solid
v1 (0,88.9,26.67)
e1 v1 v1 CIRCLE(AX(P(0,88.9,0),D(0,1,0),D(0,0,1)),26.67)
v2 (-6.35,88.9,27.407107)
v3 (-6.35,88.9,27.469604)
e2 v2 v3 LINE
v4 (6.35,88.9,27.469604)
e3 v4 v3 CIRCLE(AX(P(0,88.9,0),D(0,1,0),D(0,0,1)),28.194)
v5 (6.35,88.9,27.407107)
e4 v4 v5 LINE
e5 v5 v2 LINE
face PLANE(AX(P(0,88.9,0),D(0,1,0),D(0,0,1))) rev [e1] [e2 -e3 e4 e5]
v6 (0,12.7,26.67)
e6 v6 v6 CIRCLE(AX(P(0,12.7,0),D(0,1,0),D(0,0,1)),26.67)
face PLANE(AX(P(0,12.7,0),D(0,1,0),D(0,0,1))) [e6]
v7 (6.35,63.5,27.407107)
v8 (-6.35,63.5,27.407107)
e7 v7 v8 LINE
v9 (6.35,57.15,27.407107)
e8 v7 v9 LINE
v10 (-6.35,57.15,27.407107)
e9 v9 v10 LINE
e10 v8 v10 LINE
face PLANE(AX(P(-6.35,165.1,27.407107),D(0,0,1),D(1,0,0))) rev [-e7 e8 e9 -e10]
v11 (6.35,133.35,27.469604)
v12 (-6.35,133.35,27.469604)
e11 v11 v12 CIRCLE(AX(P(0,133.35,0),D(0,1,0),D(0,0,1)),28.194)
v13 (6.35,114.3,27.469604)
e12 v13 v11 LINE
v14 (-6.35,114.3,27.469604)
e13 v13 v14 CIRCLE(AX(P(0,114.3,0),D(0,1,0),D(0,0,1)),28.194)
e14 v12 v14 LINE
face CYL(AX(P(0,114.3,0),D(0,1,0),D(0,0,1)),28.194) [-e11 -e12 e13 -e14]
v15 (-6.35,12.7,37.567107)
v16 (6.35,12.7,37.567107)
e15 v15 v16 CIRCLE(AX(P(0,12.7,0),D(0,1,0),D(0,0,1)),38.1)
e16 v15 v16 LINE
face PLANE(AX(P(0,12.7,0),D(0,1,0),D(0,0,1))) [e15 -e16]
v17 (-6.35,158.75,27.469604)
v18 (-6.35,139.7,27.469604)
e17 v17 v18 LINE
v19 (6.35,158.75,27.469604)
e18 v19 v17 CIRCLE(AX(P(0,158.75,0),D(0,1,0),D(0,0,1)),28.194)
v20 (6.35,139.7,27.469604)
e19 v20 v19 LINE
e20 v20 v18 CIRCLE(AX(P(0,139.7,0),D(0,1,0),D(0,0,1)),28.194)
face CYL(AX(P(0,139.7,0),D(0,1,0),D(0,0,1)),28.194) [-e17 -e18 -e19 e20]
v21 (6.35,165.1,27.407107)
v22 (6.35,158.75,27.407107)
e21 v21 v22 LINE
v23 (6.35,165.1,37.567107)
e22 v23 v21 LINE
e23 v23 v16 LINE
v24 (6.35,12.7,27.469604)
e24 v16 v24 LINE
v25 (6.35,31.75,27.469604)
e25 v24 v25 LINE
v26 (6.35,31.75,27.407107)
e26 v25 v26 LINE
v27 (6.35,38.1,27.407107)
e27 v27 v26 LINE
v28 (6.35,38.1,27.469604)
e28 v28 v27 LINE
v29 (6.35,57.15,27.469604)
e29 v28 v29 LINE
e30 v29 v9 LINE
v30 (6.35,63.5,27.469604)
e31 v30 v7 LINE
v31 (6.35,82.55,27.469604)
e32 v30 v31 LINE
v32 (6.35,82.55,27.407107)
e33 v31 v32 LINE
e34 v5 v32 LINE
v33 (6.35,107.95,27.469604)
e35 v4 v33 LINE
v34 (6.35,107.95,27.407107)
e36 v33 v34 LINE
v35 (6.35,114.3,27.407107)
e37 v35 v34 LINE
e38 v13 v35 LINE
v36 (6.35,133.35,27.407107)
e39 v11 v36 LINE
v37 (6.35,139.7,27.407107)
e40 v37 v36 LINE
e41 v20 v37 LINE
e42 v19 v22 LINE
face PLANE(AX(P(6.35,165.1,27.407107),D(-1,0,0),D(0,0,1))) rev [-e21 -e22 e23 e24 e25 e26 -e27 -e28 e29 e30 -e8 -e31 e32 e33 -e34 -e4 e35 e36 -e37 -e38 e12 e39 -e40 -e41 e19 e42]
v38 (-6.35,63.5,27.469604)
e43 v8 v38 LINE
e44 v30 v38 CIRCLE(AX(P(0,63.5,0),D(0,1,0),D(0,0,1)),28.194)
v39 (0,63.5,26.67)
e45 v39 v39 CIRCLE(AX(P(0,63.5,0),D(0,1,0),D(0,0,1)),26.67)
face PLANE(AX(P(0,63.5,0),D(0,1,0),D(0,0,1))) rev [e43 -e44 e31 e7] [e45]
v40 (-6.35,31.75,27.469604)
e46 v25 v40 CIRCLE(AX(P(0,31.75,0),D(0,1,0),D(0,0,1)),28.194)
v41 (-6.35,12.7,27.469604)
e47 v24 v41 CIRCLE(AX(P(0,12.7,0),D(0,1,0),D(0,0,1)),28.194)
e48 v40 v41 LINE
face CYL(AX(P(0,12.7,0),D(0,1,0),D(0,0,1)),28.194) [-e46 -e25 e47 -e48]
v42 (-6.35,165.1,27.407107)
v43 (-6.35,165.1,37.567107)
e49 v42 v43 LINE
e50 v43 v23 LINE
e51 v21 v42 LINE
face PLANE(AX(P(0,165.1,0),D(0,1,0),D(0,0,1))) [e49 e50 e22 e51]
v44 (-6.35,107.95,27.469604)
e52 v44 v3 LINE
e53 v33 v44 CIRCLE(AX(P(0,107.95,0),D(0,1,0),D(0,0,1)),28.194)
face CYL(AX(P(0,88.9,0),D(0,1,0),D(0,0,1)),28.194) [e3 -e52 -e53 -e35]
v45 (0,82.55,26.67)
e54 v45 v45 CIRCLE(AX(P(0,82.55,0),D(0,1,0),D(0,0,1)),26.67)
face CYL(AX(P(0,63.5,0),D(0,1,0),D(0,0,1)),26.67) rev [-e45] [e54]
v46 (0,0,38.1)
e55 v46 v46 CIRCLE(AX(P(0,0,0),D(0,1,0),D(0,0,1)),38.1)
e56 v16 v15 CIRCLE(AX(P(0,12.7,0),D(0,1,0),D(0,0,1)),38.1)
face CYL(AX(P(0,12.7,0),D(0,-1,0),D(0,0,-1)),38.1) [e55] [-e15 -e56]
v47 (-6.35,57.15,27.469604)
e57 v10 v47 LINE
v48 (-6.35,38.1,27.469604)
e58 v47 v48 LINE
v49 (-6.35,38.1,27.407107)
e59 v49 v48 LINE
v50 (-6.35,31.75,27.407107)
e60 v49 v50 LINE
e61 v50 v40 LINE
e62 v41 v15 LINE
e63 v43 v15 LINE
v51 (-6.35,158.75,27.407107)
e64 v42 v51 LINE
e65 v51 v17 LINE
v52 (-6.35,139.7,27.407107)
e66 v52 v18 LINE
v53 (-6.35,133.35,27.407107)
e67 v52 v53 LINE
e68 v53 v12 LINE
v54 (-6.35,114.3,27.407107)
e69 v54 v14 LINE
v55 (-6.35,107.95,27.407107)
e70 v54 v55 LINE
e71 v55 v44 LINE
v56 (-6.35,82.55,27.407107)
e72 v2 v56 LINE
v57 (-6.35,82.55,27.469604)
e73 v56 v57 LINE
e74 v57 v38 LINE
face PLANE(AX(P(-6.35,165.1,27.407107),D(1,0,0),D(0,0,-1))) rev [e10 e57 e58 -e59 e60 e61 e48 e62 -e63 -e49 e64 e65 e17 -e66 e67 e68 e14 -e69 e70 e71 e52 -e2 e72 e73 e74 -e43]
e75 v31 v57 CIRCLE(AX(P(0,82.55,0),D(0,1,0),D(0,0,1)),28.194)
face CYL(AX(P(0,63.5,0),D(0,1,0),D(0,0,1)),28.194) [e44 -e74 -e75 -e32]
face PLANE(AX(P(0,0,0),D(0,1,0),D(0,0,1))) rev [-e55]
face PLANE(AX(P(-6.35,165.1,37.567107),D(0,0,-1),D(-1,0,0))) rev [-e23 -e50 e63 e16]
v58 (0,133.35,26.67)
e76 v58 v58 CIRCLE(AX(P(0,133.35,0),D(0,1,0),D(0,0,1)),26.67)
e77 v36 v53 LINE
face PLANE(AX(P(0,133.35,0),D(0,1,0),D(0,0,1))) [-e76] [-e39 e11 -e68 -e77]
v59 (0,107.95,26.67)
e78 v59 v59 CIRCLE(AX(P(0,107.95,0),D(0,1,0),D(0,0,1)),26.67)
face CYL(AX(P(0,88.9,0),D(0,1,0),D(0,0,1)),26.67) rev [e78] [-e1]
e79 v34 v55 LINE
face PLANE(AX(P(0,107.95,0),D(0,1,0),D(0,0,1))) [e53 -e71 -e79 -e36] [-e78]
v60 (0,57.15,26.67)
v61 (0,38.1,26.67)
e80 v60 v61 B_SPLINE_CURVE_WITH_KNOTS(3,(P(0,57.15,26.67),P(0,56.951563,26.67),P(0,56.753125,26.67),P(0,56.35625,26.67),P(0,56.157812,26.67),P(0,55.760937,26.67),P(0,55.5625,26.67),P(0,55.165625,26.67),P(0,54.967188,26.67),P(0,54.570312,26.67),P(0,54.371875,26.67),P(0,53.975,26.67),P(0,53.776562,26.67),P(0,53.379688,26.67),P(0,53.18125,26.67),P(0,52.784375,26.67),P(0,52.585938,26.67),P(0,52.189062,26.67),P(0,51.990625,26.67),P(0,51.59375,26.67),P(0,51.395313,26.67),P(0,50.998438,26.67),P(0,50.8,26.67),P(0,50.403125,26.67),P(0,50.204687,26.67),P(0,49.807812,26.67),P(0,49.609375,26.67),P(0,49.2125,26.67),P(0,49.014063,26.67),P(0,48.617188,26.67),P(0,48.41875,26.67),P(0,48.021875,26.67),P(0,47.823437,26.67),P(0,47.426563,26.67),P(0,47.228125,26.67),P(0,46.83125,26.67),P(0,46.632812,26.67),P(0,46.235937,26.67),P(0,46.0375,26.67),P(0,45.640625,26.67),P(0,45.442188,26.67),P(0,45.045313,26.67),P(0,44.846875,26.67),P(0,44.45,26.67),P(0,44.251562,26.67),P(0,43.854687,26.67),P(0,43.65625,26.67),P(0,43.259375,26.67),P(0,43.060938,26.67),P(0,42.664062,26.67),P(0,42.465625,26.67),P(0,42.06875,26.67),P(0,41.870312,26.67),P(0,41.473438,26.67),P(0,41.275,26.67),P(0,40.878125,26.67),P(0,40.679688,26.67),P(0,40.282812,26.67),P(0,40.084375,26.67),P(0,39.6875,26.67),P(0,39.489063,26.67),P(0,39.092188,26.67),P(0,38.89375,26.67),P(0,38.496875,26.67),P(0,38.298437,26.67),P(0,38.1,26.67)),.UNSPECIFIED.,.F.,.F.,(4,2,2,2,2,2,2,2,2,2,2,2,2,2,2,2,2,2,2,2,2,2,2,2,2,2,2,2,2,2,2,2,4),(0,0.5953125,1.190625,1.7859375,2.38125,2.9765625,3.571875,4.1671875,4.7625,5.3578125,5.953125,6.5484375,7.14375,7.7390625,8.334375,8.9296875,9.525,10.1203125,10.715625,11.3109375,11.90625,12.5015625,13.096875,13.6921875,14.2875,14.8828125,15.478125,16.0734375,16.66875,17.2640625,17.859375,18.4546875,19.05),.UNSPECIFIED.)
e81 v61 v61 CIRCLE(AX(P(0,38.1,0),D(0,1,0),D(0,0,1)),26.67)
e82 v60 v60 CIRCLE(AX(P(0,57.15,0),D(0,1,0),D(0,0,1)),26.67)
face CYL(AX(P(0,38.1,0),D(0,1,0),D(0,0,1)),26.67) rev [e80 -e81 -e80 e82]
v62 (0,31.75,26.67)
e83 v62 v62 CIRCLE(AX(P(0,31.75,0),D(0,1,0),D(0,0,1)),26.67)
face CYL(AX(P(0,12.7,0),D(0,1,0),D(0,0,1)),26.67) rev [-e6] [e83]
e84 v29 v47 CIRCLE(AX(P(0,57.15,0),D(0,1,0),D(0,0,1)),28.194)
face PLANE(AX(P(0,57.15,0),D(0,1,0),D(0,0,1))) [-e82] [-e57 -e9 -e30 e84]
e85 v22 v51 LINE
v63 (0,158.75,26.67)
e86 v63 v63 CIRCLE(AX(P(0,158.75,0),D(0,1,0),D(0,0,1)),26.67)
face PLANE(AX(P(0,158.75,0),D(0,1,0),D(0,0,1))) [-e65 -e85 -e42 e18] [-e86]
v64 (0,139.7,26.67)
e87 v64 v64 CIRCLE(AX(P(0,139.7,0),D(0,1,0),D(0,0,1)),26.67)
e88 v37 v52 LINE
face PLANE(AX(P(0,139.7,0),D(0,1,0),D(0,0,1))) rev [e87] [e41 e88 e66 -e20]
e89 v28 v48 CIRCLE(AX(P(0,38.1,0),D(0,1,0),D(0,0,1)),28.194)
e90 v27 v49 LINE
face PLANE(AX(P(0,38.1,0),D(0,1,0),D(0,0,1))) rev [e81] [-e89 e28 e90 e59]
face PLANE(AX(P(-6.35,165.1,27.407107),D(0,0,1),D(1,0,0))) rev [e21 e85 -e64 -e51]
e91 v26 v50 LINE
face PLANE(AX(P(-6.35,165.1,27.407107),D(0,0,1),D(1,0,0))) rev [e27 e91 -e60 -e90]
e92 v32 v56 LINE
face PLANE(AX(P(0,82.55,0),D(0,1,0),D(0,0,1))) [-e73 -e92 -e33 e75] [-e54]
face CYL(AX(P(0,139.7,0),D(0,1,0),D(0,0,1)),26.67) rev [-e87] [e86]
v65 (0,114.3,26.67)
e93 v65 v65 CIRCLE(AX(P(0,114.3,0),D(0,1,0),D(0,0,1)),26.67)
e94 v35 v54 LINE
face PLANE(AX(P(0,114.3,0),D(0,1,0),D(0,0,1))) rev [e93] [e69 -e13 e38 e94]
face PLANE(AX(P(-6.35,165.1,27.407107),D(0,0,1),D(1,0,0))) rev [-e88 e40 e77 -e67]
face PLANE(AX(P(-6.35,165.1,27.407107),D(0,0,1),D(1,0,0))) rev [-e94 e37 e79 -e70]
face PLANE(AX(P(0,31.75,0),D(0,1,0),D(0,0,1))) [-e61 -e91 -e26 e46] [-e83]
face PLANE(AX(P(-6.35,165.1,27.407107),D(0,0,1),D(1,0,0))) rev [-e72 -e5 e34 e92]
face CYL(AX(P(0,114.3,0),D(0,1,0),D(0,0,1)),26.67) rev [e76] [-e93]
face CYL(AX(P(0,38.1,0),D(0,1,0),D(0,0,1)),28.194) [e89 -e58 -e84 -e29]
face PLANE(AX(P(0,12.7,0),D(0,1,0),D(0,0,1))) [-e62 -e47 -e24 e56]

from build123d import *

# Parameters (mm, degrees)
SKETCH2_R           = 38.1
BOSS_EXTRUDE1_DEPTH = 12.7
SKETCH3_W           = 12.7
SKETCH3_H           = 10.16
BOSS_EXTRUDE2_DEPTH = 152.4
SKETCH4_R           = 28.194
SKETCH4_R_2         = 26.67
LPATTERN1_COUNT     = 6
LPATTERN1_PITCH     = 25.4


with BuildPart() as part:
    # Sketch2 → Boss-Extrude1 (new body)
    with BuildSketch(Plane(origin=(0, 0, 0), x_dir=(1, 0, 0), z_dir=(0, 1, 0))):
        with Locations(Location((0, 0, 0), (0, 0, 270))):
            Circle(SKETCH2_R)
    extrude(amount=BOSS_EXTRUDE1_DEPTH)

    # Sketch3 → Boss-Extrude2 (add)
    with BuildSketch(Plane(origin=(0, 12.7, 0), x_dir=(1, 0, 0), z_dir=(0, 1, 0))):
        with Locations((0, -32.487106623)):
            Rectangle(SKETCH3_W, SKETCH3_H)
    extrude(amount=BOSS_EXTRUDE2_DEPTH)

    # Sweep-Thin1: sweep along a path in Sketch5
    with BuildLine(Plane.XY) as sweep_thin1_path:
        Line((0, 12.7), (0, 31.75))
    # Sketch4 → Sweep-Thin1 (sweep)
    with BuildSketch(Plane(origin=(0, 12.7, 0), x_dir=(1, 0, 0), z_dir=(0, 1, 0))):
        Circle(SKETCH4_R)
        Circle(SKETCH4_R_2, mode=Mode.SUBTRACT)
    sweep_thin1 = sweep(path=sweep_thin1_path.line)

    # LPattern1: Sweep-Thin1 ×6
    with Locations(*[(0, i * LPATTERN1_PITCH, 0) for i in range(1, LPATTERN1_COUNT)]):
        add(sweep_thin1)


solid = part.part
